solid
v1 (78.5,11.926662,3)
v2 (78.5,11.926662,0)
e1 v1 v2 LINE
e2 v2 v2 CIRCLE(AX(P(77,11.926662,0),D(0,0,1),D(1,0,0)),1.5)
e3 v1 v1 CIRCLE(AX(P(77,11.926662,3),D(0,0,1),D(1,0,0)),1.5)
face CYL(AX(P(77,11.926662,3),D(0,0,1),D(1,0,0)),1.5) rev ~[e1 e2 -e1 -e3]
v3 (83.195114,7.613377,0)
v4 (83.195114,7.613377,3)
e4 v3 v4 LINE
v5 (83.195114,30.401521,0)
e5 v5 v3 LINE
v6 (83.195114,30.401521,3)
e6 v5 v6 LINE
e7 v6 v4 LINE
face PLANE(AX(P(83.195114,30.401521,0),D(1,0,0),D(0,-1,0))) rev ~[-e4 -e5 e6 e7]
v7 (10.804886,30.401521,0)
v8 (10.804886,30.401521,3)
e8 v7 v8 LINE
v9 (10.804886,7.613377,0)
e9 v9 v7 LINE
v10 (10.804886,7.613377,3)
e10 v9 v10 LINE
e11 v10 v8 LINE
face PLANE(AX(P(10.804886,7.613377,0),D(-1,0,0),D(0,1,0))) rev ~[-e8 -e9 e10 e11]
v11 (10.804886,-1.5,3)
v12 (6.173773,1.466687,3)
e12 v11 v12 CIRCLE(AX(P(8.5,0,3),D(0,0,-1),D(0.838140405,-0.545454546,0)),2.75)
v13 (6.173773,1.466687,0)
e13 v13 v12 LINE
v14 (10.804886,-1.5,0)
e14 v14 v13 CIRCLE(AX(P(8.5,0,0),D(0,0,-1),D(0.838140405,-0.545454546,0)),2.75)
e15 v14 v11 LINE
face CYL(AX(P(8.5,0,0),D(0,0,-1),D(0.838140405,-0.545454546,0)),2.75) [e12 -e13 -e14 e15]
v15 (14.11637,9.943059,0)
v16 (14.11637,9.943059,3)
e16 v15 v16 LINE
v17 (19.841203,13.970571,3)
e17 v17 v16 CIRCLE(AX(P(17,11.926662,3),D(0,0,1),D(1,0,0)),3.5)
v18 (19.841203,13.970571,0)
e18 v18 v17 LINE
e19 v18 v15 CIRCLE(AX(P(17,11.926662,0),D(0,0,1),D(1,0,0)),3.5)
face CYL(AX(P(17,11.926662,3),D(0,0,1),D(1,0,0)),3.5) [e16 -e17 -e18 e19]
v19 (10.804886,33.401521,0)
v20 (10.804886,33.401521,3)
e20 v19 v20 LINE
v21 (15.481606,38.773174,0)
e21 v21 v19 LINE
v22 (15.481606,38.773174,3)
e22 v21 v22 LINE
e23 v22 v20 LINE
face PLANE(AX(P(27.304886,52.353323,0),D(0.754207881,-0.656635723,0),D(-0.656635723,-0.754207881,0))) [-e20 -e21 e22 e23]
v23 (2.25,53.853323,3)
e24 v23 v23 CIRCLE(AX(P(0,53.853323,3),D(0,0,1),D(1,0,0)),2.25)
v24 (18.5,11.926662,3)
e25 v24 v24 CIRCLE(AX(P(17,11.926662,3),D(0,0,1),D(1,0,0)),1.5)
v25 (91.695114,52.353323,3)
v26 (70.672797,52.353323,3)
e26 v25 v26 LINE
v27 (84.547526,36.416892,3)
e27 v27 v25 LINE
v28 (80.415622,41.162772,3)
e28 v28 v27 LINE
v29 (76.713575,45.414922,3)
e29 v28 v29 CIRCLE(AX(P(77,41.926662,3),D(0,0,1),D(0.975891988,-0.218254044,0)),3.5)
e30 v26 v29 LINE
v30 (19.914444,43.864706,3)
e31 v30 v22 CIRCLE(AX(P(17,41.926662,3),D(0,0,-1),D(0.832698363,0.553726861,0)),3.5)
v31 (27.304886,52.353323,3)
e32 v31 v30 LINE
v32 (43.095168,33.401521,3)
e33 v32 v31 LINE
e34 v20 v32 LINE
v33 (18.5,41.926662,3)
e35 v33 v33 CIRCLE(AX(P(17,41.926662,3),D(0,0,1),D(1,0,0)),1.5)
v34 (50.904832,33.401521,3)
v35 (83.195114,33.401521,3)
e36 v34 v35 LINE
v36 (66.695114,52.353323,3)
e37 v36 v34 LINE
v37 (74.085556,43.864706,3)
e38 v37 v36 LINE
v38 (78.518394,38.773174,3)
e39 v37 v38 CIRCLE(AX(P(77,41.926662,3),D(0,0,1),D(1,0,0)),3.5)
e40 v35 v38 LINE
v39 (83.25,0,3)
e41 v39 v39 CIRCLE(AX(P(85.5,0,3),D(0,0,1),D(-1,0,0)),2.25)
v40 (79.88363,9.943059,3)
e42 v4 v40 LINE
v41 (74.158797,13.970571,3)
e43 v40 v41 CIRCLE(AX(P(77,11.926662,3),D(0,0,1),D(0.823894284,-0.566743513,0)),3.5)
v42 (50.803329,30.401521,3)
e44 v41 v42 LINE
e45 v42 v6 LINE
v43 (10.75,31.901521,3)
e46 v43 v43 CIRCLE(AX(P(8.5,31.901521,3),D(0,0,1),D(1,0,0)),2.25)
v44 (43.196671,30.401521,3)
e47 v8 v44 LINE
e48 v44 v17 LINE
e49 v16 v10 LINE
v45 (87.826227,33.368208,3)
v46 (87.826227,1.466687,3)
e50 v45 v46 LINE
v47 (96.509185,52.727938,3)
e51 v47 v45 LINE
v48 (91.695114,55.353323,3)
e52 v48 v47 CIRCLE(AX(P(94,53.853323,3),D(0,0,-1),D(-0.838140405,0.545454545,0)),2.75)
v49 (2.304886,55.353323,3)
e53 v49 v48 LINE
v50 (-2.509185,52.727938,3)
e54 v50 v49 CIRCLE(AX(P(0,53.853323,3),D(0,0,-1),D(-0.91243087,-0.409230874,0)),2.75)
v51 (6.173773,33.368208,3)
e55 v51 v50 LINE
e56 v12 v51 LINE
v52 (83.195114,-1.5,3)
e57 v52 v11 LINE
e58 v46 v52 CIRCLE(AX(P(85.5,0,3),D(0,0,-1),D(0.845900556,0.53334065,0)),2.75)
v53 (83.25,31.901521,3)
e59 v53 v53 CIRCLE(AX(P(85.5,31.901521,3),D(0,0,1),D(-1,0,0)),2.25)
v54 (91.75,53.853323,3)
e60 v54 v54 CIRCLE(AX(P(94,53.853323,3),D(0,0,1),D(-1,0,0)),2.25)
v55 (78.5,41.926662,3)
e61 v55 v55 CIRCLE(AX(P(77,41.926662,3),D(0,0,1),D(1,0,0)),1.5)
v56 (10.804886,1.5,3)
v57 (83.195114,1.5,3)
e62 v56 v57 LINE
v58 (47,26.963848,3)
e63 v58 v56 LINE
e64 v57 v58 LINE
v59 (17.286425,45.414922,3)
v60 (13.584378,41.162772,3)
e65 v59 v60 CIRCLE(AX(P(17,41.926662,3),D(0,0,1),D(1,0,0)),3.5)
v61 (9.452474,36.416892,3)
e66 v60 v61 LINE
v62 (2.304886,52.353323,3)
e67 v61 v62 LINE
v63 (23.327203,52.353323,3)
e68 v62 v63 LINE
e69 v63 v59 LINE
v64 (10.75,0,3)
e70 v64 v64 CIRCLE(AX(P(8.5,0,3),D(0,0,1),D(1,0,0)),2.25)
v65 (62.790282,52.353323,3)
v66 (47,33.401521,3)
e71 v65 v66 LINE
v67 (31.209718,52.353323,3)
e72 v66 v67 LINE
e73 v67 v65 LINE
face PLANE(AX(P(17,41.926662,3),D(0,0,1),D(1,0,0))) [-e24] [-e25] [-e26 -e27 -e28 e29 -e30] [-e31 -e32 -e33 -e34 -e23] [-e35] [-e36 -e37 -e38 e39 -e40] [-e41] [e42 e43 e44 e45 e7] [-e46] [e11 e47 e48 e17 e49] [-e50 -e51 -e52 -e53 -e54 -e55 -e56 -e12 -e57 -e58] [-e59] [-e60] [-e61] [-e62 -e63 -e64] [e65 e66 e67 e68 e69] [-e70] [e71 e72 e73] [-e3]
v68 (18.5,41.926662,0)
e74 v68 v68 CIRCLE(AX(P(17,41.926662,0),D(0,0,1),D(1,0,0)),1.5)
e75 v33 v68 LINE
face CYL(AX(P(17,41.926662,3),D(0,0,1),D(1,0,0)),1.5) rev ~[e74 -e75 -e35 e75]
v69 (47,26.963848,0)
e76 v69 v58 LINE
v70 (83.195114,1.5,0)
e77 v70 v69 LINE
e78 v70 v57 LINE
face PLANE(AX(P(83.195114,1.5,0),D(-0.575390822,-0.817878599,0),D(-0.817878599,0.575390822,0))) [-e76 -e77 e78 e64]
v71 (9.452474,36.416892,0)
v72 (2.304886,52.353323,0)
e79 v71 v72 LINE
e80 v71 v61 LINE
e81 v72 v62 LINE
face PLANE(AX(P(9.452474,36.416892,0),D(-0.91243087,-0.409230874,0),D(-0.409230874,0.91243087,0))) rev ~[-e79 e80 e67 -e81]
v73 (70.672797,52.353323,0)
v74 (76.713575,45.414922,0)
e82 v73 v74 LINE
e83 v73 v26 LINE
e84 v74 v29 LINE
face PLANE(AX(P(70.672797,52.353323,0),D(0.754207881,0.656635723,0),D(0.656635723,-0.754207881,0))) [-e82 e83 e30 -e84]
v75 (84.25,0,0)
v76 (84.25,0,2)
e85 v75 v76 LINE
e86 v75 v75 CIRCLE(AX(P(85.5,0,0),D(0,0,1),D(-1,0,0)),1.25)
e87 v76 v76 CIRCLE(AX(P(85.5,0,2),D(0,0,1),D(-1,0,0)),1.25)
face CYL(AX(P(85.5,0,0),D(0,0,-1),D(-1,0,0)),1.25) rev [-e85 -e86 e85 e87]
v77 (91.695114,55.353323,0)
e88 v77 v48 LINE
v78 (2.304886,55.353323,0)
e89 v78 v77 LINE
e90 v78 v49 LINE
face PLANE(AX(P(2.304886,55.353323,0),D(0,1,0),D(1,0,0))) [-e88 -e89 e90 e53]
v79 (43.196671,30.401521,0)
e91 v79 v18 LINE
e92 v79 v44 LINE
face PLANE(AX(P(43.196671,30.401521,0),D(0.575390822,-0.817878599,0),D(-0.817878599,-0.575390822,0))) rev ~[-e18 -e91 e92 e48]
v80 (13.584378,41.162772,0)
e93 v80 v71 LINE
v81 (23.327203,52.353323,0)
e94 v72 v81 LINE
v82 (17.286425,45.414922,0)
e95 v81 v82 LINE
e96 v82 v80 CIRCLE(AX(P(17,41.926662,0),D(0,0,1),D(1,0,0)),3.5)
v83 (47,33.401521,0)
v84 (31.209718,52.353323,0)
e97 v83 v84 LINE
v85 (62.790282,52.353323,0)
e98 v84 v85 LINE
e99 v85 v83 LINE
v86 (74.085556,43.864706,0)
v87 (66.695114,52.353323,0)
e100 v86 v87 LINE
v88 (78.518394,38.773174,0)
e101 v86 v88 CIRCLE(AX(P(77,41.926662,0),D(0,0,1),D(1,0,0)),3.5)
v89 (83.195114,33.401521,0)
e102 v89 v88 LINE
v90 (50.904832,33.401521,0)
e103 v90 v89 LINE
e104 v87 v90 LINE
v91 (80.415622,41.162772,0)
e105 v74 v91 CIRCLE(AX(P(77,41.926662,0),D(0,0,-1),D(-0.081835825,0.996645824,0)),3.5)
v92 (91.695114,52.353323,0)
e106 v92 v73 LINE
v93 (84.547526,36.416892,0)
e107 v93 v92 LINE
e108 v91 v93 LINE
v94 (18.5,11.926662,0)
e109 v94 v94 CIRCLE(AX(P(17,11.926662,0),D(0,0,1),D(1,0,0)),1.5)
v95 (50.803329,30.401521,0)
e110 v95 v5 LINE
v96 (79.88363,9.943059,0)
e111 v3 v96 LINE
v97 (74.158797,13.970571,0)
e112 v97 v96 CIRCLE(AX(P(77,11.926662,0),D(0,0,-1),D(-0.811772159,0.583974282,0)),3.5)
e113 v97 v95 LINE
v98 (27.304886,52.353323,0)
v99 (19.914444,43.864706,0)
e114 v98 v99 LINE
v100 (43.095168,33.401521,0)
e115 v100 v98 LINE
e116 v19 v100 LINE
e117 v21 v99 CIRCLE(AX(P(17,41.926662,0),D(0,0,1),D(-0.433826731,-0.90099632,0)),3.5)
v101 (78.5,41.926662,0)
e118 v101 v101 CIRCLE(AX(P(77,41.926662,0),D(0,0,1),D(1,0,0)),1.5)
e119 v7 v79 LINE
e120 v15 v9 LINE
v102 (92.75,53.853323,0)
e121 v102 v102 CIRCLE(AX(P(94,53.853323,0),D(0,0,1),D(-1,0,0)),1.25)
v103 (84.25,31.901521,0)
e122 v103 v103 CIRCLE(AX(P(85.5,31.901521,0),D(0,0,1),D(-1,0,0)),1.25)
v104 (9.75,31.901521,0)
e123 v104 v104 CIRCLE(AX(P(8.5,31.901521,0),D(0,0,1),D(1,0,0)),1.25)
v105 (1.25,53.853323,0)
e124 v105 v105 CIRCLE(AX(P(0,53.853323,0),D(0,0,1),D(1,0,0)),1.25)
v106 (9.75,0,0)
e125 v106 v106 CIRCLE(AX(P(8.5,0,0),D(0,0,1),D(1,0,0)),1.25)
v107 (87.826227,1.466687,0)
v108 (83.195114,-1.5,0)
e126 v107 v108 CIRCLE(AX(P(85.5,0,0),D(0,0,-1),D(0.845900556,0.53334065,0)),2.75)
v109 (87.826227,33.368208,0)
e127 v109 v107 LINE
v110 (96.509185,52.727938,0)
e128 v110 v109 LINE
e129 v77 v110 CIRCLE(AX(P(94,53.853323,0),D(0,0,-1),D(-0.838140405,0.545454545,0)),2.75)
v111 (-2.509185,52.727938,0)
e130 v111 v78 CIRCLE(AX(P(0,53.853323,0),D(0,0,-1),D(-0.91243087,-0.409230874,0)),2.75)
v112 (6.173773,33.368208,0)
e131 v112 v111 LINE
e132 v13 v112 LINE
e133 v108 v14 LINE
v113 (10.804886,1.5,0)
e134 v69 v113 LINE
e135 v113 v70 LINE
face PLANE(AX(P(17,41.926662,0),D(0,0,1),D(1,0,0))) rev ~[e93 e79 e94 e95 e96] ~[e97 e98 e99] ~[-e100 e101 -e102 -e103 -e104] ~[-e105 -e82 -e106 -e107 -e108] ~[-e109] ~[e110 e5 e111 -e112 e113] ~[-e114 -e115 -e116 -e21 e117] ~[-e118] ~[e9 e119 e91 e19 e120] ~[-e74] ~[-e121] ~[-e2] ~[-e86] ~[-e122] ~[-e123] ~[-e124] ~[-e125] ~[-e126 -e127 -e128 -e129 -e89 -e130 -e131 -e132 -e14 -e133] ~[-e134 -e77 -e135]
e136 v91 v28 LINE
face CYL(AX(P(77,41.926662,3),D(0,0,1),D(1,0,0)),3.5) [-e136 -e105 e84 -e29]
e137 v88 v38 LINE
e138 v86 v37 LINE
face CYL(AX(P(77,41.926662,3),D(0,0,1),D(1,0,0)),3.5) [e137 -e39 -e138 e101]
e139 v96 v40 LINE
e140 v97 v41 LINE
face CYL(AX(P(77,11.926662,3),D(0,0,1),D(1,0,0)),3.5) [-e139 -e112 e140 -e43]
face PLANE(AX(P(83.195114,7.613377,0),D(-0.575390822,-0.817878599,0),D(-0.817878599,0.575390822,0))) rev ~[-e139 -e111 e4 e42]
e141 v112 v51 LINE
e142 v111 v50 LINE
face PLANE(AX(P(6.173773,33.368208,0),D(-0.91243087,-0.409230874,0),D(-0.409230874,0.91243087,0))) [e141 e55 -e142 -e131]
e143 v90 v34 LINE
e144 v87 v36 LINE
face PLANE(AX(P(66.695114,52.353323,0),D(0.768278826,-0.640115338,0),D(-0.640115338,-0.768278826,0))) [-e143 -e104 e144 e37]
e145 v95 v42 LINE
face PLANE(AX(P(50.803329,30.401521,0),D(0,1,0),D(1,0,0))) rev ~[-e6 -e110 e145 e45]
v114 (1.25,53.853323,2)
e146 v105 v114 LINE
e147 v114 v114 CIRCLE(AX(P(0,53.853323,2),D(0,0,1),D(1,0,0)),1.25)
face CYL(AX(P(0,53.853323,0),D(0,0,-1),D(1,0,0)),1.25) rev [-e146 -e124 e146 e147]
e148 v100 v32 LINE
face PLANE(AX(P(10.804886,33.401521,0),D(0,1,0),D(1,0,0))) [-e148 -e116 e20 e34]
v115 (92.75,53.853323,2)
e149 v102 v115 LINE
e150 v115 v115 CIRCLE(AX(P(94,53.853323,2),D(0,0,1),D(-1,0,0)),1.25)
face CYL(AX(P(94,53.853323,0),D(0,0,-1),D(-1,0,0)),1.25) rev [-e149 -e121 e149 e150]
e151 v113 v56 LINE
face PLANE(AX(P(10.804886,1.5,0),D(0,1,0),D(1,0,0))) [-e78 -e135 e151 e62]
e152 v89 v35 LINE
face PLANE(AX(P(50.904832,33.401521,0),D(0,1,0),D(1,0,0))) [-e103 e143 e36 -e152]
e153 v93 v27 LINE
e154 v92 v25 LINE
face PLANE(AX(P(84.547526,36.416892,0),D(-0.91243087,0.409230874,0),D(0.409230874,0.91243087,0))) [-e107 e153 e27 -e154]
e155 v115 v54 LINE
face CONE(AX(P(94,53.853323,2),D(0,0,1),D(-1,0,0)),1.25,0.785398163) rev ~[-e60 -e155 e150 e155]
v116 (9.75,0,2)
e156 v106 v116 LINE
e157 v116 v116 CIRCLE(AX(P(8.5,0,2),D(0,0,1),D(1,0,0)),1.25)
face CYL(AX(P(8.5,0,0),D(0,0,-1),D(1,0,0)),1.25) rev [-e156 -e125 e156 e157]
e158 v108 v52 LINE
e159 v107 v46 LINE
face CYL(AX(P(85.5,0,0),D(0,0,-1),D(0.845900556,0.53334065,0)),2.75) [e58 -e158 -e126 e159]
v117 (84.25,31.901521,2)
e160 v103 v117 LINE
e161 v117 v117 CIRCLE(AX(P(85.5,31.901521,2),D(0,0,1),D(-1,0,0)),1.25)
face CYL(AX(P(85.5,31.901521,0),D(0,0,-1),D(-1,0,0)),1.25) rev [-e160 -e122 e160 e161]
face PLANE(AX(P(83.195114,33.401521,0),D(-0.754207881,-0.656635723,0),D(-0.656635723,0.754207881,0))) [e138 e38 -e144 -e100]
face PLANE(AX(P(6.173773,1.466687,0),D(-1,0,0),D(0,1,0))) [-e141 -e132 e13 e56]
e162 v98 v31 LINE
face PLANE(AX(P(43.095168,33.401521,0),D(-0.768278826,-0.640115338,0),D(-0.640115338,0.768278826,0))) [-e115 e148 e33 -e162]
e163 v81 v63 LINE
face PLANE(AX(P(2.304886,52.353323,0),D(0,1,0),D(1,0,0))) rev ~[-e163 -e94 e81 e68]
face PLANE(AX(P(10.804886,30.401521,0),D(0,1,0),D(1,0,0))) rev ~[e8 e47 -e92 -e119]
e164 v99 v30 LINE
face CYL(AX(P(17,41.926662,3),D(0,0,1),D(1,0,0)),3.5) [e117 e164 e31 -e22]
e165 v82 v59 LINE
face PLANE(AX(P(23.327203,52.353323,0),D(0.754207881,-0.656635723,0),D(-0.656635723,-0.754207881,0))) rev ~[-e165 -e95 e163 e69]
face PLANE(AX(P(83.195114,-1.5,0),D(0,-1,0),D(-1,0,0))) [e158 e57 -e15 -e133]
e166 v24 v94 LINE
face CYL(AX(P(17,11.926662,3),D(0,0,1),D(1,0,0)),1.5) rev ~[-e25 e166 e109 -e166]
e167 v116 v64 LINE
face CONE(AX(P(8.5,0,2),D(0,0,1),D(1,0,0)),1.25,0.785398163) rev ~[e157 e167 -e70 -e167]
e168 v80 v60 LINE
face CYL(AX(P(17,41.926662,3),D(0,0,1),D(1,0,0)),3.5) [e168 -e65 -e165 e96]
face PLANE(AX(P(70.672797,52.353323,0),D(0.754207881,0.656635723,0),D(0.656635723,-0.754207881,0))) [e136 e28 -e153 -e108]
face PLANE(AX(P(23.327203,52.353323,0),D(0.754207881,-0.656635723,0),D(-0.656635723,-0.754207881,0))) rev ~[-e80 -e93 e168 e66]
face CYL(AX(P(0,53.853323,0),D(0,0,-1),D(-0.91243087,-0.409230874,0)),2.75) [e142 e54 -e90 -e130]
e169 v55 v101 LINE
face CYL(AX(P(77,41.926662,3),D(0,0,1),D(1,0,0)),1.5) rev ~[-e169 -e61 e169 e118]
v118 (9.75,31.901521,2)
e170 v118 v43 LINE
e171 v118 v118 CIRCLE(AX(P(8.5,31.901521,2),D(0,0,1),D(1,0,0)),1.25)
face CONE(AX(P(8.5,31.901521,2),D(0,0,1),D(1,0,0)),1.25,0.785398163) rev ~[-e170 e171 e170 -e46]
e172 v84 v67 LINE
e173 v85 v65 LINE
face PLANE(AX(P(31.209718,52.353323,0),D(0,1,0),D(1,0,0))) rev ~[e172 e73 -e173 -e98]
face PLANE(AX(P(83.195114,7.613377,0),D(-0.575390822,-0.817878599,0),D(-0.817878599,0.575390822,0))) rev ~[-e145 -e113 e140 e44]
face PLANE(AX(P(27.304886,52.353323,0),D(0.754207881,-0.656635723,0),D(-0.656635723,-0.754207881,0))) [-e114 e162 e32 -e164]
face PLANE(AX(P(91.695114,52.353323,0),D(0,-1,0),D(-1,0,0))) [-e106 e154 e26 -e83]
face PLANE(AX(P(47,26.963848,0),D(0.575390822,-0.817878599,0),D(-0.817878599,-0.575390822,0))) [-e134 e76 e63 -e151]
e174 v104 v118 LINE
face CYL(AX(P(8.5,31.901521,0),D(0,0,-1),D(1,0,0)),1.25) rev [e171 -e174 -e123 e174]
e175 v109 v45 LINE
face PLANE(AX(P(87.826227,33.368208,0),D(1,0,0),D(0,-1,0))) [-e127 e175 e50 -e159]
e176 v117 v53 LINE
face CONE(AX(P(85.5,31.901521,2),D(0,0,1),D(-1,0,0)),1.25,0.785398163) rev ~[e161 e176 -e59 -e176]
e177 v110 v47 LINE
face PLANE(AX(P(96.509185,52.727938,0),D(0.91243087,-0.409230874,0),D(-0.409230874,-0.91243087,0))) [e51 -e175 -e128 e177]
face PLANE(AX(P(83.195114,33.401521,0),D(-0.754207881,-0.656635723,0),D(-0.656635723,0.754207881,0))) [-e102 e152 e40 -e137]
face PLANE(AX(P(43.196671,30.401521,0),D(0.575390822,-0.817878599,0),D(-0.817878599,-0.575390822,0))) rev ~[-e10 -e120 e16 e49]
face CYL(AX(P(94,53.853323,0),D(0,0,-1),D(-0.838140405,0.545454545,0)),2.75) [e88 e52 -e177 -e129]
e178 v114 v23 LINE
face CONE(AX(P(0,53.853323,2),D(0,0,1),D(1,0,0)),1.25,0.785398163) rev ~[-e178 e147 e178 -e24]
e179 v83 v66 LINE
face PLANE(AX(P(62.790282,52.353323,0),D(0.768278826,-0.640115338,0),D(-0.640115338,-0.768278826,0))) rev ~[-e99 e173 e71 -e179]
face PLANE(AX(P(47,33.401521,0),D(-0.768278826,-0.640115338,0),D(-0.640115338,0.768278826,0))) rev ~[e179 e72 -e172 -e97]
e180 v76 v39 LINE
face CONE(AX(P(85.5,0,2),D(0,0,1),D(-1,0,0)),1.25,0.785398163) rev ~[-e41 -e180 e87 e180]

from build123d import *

# Parameters (mm, degrees)
SKETCH1_R           = 1.25
BOSS_EXTRUDE1_DEPTH = 3
CHAMFER1_SIZE       = 1
SKETCH2_R           = 3.5
BOSS_EXTRUDE2_DEPTH = 3
SKETCH2_3_R         = 1.5
CUT_EXTRUDE1_DEPTH  = 3


with BuildPart() as part:
    # Sketch1 → Boss-Extrude1 (new body)
    with BuildSketch(Plane.XY):
        with BuildLine():
            Line((6.173773471, 33.368208058), (-2.509184891, 52.727938114))
            ThreePointArc((-2.509184891, 52.727938114), (-1.316660917, 56.267635348), (2.304886114, 55.353323017))
            Line((2.304886114, 55.353323017), (91.695113886, 55.353323017))
            ThreePointArc((91.695113886, 55.353323017), (95.316660917, 56.267635348), (96.509184891, 52.727938114))
            Line((96.509184891, 52.727938114), (87.826226529, 33.368208058))
            Line((87.826226529, 33.368208058), (87.826226529, 1.466686789))
            ThreePointArc((87.826226529, 1.466686789), (86.983381771, -2.315616229), (83.195113886, -1.5))
            Line((83.195113886, -1.5), (10.804886114, -1.5))
            ThreePointArc((10.804886114, -1.5), (7.016618229, -2.315616229), (6.173773471, 1.466686789))
            Line((6.173773471, 1.466686789), (6.173773471, 33.368208058))
        make_face()
        with Locations((0, 53.853323017)):
            Circle(SKETCH1_R, mode=Mode.SUBTRACT)
        with Locations((8.5, 31.901521269)):
            Circle(SKETCH1_R, mode=Mode.SUBTRACT)
        with Locations((8.5, 0)):
            Circle(SKETCH1_R, mode=Mode.SUBTRACT)
        with Locations(Location((85.5, 0, 0), (0, 0, 180))):
            Circle(SKETCH1_R, mode=Mode.SUBTRACT)
        with Locations(Location((85.5, 31.901521269, 0), (0, 0, 180))):
            Circle(SKETCH1_R, mode=Mode.SUBTRACT)
        with Locations(Location((94, 53.853323017, 0), (0, 0, 180))):
            Circle(SKETCH1_R, mode=Mode.SUBTRACT)
        Polygon((9.452473834, 36.416891788), (2.304886114, 52.353323017), (23.327202938, 52.353323017), align=None, mode=Mode.SUBTRACT)
        Polygon((10.804886114, 33.401521269), (43.095167668, 33.401521269), (27.304886114, 52.353323017), align=None, mode=Mode.SUBTRACT)
        Polygon((10.804886114, 30.401521269), (43.196670996, 30.401521269), (10.804886114, 7.613376738), align=None, mode=Mode.SUBTRACT)
        Polygon((10.804886114, 1.5), (83.195113886, 1.5), (47, 26.963847996), align=None, mode=Mode.SUBTRACT)
        Polygon((83.195113886, 30.401521269), (83.195113886, 7.613376738), (50.803329004, 30.401521269), align=None, mode=Mode.SUBTRACT)
        Polygon((84.547526166, 36.416891788), (91.695113886, 52.353323017), (70.672797062, 52.353323017), align=None, mode=Mode.SUBTRACT)
        Polygon((47, 33.401521269), (31.209718446, 52.353323017), (62.790281554, 52.353323017), align=None, mode=Mode.SUBTRACT)
        Polygon((50.904832332, 33.401521269), (83.195113886, 33.401521269), (66.695113886, 52.353323017), align=None, mode=Mode.SUBTRACT)
    extrude(amount=BOSS_EXTRUDE1_DEPTH)

    # Chamfer1
    chamfer1_edges = [part.edges().sort_by_distance(p)[0] for p in [
        (86.75, 0, 3),
        (86.75, 31.901521269, 3),
        (95.25, 53.853323017, 3),
        (-1.25, 53.853323017, 3),
        (7.25, 31.901521269, 3),
        (7.25, 0, 3),
    ]]
    chamfer(chamfer1_edges, length=CHAMFER1_SIZE)

    # Sketch2 → Boss-Extrude2 (add)
    with BuildSketch(Plane.XY.offset(3)):
        with Locations((17, 41.926661509)):
            Circle(SKETCH2_R)
        with Locations((17, 11.926661509)):
            Circle(SKETCH2_R)
        with Locations((77, 41.926661509)):
            Circle(SKETCH2_R)
        with Locations((77, 11.926661509)):
            Circle(SKETCH2_R)
    extrude(amount=-BOSS_EXTRUDE2_DEPTH)

    # Sketch2<3> → Cut-Extrude1 (cut)
    with BuildSketch(Plane.XY.offset(3)):
        with Locations((17, 11.926661509)):
            Circle(SKETCH2_3_R)
        with Locations((77, 11.926661509)):
            Circle(SKETCH2_3_R)
        with Locations((17, 41.926661509)):
            Circle(SKETCH2_3_R)
        with Locations((77, 41.926661509)):
            Circle(SKETCH2_3_R)
    extrude(amount=-CUT_EXTRUDE1_DEPTH, mode=Mode.SUBTRACT)


solid = part.part
